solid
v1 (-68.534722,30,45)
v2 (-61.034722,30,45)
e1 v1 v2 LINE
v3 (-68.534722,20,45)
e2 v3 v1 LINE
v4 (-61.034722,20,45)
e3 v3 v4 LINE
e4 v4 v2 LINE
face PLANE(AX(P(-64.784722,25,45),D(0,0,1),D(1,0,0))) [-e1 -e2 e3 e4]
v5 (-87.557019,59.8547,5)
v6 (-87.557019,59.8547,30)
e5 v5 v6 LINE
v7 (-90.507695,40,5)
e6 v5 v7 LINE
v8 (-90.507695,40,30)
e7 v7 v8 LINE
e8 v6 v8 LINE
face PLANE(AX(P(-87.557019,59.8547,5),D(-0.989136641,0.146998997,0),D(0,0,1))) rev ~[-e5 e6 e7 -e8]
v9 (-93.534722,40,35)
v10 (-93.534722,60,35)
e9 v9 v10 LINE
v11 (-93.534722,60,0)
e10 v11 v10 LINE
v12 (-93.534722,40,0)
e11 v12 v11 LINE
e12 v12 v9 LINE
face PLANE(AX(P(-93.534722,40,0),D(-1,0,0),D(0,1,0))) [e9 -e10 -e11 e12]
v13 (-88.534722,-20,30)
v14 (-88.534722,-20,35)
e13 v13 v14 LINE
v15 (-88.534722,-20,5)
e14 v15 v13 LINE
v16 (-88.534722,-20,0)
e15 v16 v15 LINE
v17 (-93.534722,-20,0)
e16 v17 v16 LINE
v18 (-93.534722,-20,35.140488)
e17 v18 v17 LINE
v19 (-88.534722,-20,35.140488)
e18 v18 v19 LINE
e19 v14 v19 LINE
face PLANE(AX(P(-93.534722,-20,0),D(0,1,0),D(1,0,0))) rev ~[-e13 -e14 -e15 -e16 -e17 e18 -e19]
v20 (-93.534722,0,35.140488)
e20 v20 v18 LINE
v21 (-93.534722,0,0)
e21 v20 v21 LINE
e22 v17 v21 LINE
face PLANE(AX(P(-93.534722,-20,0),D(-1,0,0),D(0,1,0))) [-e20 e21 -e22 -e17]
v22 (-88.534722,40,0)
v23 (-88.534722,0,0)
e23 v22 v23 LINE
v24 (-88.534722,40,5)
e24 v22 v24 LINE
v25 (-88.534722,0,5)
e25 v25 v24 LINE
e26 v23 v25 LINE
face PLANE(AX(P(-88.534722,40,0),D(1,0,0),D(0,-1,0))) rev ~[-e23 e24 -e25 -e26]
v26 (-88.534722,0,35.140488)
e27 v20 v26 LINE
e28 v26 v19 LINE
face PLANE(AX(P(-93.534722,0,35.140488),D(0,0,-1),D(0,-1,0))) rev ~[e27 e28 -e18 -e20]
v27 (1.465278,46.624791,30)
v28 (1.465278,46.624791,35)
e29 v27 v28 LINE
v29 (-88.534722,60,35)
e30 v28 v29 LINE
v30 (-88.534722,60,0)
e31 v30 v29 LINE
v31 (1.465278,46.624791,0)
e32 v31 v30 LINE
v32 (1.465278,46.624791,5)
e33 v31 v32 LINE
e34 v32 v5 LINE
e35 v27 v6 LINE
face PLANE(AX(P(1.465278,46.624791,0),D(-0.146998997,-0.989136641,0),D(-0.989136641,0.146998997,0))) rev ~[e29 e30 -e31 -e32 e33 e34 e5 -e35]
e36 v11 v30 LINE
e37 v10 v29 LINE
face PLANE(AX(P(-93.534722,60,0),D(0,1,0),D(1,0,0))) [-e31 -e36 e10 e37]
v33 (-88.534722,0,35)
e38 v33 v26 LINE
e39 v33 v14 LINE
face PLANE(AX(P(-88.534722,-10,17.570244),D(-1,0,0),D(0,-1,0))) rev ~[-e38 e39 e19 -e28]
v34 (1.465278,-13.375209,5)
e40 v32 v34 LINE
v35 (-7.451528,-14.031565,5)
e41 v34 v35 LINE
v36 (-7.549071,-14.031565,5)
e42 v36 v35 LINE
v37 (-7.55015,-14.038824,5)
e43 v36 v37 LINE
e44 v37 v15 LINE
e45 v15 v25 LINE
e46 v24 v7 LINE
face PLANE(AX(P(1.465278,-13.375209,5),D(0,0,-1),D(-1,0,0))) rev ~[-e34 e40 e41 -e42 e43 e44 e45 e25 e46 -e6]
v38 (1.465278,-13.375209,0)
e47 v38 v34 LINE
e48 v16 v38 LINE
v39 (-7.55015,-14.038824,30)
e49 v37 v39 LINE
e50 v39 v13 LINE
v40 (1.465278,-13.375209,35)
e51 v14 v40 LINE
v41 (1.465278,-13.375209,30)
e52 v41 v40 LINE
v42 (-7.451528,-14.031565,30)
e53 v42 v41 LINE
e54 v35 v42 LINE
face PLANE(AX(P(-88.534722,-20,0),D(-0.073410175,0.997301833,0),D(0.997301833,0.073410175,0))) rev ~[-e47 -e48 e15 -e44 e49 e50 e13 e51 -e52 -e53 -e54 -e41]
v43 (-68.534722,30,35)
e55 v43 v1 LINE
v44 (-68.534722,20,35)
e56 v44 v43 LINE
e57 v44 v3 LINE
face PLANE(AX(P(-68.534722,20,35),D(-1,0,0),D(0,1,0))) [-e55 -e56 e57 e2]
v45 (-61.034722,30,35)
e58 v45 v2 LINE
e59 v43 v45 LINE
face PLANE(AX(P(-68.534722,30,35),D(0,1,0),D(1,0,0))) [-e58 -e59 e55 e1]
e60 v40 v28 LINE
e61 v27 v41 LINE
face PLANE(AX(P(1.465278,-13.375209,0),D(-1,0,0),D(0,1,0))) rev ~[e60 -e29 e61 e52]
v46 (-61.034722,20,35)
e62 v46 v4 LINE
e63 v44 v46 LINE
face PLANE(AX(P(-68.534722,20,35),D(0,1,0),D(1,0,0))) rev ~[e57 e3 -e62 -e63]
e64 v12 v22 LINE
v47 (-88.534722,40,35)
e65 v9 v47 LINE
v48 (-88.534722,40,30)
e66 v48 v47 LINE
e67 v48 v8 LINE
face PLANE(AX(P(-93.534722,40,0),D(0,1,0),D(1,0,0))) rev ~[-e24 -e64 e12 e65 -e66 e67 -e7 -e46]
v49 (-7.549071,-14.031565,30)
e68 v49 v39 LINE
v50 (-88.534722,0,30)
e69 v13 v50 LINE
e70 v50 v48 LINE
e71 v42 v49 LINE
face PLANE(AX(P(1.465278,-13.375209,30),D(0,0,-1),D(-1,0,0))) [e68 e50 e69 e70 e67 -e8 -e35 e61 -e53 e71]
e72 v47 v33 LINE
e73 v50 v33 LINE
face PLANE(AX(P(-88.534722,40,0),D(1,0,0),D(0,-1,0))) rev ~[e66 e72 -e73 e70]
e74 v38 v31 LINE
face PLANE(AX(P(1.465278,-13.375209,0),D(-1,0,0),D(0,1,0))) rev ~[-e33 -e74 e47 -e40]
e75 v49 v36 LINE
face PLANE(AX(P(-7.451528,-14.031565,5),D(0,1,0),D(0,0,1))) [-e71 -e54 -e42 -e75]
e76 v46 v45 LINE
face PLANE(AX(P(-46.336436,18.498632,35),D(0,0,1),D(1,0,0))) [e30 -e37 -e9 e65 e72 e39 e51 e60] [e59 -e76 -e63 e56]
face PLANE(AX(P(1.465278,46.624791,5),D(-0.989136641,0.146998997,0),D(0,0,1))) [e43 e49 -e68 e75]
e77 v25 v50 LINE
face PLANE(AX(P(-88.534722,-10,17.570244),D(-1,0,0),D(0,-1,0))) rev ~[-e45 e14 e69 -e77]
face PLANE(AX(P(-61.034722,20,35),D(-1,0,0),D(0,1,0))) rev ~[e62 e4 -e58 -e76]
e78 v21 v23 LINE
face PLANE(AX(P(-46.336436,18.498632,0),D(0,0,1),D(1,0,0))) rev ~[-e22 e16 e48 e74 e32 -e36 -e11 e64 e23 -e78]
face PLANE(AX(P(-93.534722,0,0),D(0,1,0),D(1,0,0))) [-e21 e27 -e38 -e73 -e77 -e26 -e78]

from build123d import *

# Parameters (mm, degrees)
F0_W      = 5
F0_H      = 20
F1_DEPTH  = 35
F2_W      = 90
F2_H      = 25
F3_DEPTH  = 79.8669262783
F4_W      = 20
F4_H      = 35.1404882967
F5_DEPTH  = 5
F6_W      = 60
F6_H      = 25
F7_DEPTH  = 8.9178062806
F8_W      = 8.9168062806
F8_H      = 25
F9_DEPTH  = 12.5
F10_W     = 0.6563552694
F10_H     = 25
F11_DEPTH = 5
F12_W     = 7.5
F12_H     = 10
F13_DEPTH = 10


with BuildPart() as f1:
    # F0 (on Top) → F1 (new body)
    with BuildSketch(Plane.XY):
        Polygon((1.4652782414, 46.6247905791), (-88.5347217586, 60), (-88.5347217586, 40), (-88.5347217586, 0), (-88.5347217586, -20), (1.4652782414, -13.3752094209), align=None)
        with Locations((-91.0347217586, 50)):
            Rectangle(F0_W, F0_H)
        with Locations((-91.0347217586, -10)):
            Rectangle(F0_W, F0_H)
    extrude(amount=F1_DEPTH)

    # F2 (on face) → F3 (cut, through all)
    with BuildSketch(Plane(origin=(6.8110049505, 45.8303437542, 0), x_dir=(-0.9891366412, 0.1469989969, 0), z_dir=(0.1469989969, 0.9891366412, 0))):
        with Locations((50.404437048, 17.5)):
            Rectangle(F2_W, F2_H)
    extrude(amount=-F3_DEPTH, mode=Mode.SUBTRACT)

    # F4 (on face) → F5 (join)
    with BuildSketch(Plane(origin=(-93.5347217586, 0, 0), x_dir=(0, -1, 0), z_dir=(-1, 0, 0))):
        with Locations((10, 17.5702441484)):
            Rectangle(F4_W, F4_H)
    extrude(amount=-F5_DEPTH)

    # F6 (on face) → F7 (cut, through all)
    with BuildSketch(Plane.YZ.offset(1.4652782414)):
        with Locations((16.6247905791, 17.5)):
            Rectangle(F6_W, F6_H)
    extrude(amount=-F7_DEPTH, mode=Mode.SUBTRACT)

    # F8 (on face) → F9 (cut, symmetric)
    with BuildSketch(Plane(origin=(0, -13.3752094209, 0), x_dir=(-1, 0, 0), z_dir=(0, 1, 0))):
        with Locations((2.9931248989, 17.5)):
            Rectangle(F8_W, F8_H)
    extrude(amount=F9_DEPTH, both=True, mode=Mode.SUBTRACT)

    # F10 (on face) → F11 (cut, symmetric)
    with BuildSketch(Plane.YZ.offset(-7.4515280392)):
        with Locations((-13.7033870556, 17.5)):
            Rectangle(F10_W, F10_H)
    extrude(amount=F11_DEPTH, both=True, mode=Mode.SUBTRACT)

    # F12 (on face) → F13 (join)
    with BuildSketch(Plane.XY.offset(35)):
        with Locations((-64.7847217586, 25)):
            Rectangle(F12_W, F12_H)
    extrude(amount=F13_DEPTH)


solid = f1.part
